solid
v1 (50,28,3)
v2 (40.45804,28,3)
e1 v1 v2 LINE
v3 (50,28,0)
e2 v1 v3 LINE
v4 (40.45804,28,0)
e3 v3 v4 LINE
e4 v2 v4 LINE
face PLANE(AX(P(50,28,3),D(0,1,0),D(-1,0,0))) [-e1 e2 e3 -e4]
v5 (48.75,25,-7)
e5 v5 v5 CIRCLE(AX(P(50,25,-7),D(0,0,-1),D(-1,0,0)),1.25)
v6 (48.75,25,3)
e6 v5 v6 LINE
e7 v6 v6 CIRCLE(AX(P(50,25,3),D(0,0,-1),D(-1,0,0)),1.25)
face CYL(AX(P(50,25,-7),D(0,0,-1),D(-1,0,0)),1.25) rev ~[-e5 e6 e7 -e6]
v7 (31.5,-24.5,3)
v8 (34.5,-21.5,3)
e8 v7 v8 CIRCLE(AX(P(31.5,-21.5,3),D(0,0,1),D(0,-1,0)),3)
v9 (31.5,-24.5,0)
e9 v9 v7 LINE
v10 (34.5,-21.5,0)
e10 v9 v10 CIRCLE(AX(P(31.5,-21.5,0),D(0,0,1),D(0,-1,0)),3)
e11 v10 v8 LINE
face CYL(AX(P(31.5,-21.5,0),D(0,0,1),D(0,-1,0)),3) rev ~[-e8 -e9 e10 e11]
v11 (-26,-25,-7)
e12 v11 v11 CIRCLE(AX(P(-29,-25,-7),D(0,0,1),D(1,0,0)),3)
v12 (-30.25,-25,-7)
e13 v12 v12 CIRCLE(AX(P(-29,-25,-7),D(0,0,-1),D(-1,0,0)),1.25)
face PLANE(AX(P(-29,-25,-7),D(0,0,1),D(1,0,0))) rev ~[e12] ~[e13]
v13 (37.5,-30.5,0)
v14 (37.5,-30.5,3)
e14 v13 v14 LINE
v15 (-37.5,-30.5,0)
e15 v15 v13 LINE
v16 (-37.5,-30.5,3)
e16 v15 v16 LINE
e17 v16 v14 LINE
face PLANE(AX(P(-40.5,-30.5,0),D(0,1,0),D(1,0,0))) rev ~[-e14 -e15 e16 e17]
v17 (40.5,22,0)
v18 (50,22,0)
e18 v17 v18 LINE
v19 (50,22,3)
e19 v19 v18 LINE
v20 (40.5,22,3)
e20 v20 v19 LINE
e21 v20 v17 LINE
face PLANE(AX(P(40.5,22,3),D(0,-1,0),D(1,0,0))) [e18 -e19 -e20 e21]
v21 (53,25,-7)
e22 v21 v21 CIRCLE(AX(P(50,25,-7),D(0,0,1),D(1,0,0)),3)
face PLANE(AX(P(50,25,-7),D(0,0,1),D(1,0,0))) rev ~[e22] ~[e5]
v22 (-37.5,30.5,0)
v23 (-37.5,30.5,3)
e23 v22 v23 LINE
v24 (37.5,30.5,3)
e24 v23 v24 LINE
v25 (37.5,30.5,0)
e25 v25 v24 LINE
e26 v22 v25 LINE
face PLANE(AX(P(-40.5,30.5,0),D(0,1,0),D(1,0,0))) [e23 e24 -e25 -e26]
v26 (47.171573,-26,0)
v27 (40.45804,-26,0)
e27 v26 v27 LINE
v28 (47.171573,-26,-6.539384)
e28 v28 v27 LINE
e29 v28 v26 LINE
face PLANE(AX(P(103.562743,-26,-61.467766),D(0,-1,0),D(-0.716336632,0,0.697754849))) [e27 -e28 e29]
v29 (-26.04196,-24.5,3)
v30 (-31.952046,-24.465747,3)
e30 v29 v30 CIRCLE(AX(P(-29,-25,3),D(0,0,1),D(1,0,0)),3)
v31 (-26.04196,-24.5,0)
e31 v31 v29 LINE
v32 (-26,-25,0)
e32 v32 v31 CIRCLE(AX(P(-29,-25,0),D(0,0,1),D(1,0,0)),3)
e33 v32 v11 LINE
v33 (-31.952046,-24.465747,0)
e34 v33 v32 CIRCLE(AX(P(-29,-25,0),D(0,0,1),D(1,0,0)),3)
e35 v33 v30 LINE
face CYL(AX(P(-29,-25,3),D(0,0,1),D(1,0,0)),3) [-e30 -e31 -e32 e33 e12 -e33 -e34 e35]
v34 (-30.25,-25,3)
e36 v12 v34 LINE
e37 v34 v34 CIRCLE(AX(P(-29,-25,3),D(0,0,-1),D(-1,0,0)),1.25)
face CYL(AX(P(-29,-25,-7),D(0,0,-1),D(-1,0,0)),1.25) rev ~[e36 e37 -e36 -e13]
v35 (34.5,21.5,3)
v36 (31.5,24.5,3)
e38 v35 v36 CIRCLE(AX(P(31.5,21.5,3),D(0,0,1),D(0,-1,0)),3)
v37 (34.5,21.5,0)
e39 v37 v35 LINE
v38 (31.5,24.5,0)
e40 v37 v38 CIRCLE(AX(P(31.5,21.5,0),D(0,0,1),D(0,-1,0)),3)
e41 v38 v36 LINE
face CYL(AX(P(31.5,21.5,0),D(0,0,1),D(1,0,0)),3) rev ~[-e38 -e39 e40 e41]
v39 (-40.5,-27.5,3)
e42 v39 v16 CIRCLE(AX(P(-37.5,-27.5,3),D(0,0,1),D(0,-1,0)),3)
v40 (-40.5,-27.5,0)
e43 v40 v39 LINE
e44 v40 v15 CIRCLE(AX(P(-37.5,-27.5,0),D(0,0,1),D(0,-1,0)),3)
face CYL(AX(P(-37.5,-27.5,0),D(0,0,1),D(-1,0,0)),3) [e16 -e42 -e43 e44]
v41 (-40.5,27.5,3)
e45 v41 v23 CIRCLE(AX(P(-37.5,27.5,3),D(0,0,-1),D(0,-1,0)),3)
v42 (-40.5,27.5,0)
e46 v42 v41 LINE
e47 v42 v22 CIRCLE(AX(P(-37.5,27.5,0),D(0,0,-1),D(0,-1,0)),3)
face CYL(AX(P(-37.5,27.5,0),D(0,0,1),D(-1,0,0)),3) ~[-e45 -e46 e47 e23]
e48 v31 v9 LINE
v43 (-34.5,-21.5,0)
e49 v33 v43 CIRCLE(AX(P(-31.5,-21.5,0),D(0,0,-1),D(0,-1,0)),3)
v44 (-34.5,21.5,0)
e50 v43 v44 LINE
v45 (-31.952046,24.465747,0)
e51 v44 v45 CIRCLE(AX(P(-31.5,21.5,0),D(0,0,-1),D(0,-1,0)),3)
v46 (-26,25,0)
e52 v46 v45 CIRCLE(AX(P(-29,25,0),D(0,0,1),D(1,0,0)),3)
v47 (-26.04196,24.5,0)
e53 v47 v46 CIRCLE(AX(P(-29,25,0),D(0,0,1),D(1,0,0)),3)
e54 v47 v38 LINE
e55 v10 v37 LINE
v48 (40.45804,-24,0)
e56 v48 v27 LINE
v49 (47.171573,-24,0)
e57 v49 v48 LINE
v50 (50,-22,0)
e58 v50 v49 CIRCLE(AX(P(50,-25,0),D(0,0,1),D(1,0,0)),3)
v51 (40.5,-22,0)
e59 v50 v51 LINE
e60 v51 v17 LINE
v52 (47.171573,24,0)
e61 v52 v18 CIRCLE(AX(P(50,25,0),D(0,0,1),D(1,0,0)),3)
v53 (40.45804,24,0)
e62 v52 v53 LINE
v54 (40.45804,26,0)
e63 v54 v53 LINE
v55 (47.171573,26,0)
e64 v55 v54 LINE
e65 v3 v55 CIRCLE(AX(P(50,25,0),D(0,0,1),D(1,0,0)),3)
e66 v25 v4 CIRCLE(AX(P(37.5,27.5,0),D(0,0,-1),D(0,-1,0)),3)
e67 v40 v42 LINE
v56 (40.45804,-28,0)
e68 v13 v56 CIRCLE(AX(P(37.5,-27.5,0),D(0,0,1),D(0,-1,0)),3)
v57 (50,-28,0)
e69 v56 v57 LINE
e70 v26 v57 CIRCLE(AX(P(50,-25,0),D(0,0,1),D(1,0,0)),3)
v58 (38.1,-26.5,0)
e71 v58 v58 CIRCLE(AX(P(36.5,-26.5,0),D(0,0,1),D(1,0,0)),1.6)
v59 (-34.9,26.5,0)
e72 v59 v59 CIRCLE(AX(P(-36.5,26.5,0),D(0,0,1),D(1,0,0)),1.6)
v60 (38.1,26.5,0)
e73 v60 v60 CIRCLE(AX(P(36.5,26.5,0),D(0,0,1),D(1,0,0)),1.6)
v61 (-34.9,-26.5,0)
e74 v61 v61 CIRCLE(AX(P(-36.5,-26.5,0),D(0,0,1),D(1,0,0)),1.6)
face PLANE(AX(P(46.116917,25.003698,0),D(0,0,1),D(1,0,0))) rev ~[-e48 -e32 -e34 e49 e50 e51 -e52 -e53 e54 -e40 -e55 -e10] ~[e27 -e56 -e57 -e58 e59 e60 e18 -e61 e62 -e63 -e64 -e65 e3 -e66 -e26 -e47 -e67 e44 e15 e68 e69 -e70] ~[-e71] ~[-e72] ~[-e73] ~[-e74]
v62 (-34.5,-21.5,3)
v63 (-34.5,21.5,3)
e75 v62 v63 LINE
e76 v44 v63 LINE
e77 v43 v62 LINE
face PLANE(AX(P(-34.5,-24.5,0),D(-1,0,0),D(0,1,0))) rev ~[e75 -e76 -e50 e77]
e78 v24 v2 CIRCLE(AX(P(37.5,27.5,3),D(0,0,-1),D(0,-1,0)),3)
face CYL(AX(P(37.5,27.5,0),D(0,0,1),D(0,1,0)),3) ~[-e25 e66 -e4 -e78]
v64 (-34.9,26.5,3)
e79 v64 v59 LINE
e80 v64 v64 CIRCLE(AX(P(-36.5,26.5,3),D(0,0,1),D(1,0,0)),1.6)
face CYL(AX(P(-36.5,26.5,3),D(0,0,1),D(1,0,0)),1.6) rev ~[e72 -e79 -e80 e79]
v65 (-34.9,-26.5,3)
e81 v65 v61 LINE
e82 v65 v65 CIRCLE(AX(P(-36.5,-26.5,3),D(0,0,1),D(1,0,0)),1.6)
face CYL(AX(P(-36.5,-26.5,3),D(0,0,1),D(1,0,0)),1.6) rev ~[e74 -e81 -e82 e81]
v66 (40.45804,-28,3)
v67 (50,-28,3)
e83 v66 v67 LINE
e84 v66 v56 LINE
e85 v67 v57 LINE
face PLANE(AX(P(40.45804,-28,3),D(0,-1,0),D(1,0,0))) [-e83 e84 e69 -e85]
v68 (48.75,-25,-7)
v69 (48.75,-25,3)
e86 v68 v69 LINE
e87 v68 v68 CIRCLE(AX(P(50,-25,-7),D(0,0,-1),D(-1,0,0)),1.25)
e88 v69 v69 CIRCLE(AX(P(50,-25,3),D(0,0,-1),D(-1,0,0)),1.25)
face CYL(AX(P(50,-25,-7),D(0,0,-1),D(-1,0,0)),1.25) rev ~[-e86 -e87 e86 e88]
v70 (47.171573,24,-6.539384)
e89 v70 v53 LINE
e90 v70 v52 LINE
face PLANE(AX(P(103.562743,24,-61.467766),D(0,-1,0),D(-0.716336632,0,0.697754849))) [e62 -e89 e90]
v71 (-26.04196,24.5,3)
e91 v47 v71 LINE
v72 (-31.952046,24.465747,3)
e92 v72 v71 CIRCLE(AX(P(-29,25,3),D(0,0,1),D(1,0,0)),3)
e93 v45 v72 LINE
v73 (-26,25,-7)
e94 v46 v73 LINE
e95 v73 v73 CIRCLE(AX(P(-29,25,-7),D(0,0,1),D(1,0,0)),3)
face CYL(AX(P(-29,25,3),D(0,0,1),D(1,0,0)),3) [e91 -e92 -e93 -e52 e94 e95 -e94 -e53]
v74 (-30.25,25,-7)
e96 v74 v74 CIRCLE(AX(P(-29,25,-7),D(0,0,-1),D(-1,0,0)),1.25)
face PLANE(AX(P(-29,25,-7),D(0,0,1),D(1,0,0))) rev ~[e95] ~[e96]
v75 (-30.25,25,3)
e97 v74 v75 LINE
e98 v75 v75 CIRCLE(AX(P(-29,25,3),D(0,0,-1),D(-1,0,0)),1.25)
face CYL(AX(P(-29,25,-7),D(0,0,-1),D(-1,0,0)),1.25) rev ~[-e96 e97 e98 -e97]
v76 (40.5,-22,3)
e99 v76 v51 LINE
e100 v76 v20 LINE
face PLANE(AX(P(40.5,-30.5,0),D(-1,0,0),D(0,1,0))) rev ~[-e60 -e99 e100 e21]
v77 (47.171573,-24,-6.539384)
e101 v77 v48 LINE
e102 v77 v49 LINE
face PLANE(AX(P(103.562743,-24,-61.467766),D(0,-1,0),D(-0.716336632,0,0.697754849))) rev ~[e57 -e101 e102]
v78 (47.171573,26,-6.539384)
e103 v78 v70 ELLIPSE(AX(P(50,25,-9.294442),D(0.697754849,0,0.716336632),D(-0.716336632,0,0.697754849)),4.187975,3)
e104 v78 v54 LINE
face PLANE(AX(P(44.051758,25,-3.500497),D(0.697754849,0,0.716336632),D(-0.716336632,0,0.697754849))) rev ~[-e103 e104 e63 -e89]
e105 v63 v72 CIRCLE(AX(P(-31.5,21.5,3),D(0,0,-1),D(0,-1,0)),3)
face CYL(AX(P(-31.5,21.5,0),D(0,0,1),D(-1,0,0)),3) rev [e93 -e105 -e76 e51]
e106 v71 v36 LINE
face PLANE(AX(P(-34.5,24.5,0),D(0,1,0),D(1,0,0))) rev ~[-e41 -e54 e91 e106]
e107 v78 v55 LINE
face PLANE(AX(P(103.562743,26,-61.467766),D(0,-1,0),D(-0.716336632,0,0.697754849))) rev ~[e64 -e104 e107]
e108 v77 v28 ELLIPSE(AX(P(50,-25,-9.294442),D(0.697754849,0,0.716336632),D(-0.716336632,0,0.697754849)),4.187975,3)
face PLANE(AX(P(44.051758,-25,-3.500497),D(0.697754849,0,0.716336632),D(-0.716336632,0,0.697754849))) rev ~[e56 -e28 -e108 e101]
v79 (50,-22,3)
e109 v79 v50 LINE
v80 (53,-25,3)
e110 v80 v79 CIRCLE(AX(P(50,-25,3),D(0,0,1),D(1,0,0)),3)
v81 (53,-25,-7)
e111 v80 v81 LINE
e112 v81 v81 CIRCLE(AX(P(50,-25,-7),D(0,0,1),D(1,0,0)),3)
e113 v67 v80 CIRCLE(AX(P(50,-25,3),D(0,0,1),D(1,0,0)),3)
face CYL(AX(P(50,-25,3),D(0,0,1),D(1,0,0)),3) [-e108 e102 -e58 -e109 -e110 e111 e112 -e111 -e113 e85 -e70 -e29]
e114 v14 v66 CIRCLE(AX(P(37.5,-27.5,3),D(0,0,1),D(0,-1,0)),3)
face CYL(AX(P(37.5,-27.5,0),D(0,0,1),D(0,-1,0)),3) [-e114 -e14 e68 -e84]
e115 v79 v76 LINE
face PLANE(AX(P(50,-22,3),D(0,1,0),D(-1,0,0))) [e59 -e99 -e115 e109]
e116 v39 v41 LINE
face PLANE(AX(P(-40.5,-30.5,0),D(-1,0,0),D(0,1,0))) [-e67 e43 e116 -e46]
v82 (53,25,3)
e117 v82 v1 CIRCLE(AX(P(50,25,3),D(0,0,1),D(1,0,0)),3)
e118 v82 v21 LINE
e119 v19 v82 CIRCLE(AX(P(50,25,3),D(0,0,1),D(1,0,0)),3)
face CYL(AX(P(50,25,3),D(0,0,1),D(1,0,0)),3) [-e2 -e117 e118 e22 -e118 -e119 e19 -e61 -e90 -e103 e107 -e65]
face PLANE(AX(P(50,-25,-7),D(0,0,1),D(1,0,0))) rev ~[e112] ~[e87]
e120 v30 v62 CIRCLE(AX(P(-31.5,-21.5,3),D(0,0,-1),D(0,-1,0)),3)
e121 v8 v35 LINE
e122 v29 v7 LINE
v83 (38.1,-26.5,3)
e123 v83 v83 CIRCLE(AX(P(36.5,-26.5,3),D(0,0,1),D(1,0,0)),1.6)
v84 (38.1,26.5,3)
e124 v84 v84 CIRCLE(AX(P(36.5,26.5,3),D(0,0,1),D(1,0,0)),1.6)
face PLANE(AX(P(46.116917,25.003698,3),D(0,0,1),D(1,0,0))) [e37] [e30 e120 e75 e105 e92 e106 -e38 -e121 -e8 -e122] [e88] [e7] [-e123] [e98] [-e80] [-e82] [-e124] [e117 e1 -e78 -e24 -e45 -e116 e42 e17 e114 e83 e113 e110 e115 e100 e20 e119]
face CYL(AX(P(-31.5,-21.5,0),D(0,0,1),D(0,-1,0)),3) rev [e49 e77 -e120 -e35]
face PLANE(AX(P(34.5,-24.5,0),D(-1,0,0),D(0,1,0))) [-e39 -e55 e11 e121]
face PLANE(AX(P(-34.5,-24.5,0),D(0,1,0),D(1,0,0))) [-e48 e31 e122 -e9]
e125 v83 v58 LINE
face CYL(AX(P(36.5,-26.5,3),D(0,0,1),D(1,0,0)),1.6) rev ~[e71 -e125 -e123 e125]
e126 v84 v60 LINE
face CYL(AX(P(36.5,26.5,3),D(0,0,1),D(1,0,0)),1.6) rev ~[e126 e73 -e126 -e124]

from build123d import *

# Parameters (mm, degrees)
SKETCH1_W           = 81
SKETCH1_H           = 61
SKETCH1_W_2         = 69
SKETCH1_H_2         = 49
EXTRUDE_THIN1_DEPTH = 3
SKETCH2_R           = 1.6
CUT_EXTRUDE1_DEPTH  = 3
FILLET1_R           = 3
SKETCH4_R           = 3
BOSS_EXTRUDE1_DEPTH = 10
BOSS_EXTRUDE2_DEPTH = 3
SKETCH5_R           = 1.25
CUT_EXTRUDE2_DEPTH  = 10
RIB2_REACH          = 79.06
SKETCH7_WALL_W      = 166.153683654
SKETCH7_WALL_H      = 2
LPATTERN1_COUNT     = 2
LPATTERN1_PITCH     = 50


with BuildPart() as part:
    # Sketch1 → Extrude-Thin1 (new body)
    with BuildSketch(Plane.XY):
        Rectangle(SKETCH1_W, SKETCH1_H)
        Rectangle(SKETCH1_W_2, SKETCH1_H_2, mode=Mode.SUBTRACT)
    extrude(amount=EXTRUDE_THIN1_DEPTH)

    # Sketch2 → Cut-Extrude1 (cut)
    with BuildSketch(Plane.XY.offset(3)):
        with Locations((-36.5, 26.5)):
            Circle(SKETCH2_R)
        with Locations((36.5, 26.5)):
            Circle(SKETCH2_R)
        with Locations((36.5, -26.5)):
            Circle(SKETCH2_R)
        with Locations((-36.5, -26.5)):
            Circle(SKETCH2_R)
    extrude(amount=-CUT_EXTRUDE1_DEPTH, mode=Mode.SUBTRACT)

    # Fillet1
    fillet1_edges = [part.edges().sort_by_distance(p)[0] for p in [
        (-34.5, 24.5, 1.5),
        (-34.5, -24.5, 1.5),
        (34.5, -24.5, 1.5),
        (34.5, 24.5, 1.5),
        (-40.5, 30.5, 1.5),
        (40.5, 30.5, 1.5),
        (40.5, -30.5, 1.5),
        (-40.5, -30.5, 1.5),
    ]]
    fillet(fillet1_edges, radius=FILLET1_R)

    # Sketch4 → Boss-Extrude1 (add)
    with BuildSketch(Plane.XY.offset(3)):
        with Locations((-29, 25)):
            Circle(SKETCH4_R)
        with Locations((50, 25)):
            Circle(SKETCH4_R)
        with Locations((50, -25)):
            Circle(SKETCH4_R)
        with Locations((-29, -25)):
            Circle(SKETCH4_R)
    extrude(amount=-BOSS_EXTRUDE1_DEPTH)


with BuildPart() as boss_extrude1_piece_1:
    # of the separate pieces the step leaves, piece 1, a body of its own (boss_extrude1_pieces)
    add(part.part.solids().sort_by_distance((-37.5, -30.5, 0))[0])



with BuildPart() as boss_extrude1_piece_2:
    # of the separate pieces the step leaves, piece 2, a body of its own (boss_extrude1_pieces)
    add(part.part.solids().sort_by_distance((53, 25, 3))[0])


with BuildPart() as boss_extrude1_piece_3:
    # of the separate pieces the step leaves, piece 3, a body of its own (boss_extrude1_pieces)
    add(part.part.solids().sort_by_distance((53, -25, 3))[0])


with BuildPart() as boss_extrude1_piece_1_1:
    add(boss_extrude1_piece_1.part)

    add(boss_extrude1_piece_2.part)  # Boss-Extrude2 merges Boss-Extrude1 piece 2

    add(boss_extrude1_piece_3.part)  # Boss-Extrude2 merges Boss-Extrude1 piece 3
    # Sketch6 → Boss-Extrude2 (add)
    with BuildSketch(Plane.XY.offset(3)):
        with BuildLine():
            Line((50, 28), (40.458039892, 28))
            Line((40.458039892, 28), (40.5, 22))
            Line((40.5, 22), (50, 22))
            ThreePointArc((50, 22), (53, 25), (50, 28))
        make_face()
        with BuildLine():
            Line((40.5, -22), (40.458039892, -28))
            Line((40.458039892, -28), (50, -28))
            ThreePointArc((50, -28), (53, -25), (50, -22))
            Line((50, -22), (40.5, -22))
        make_face()
    extrude(amount=-BOSS_EXTRUDE2_DEPTH)

    # Sketch5 → Cut-Extrude2 (cut)
    with BuildSketch(Plane(origin=(0, 0, -7), x_dir=(-1, 0, 0), z_dir=(0, 0, -1))):
        with Locations((-50, 25)):
            Circle(SKETCH5_R)
        with Locations((29, 25)):
            Circle(SKETCH5_R)
        with Locations((-50, -25)):
            Circle(SKETCH5_R)
        with Locations((29, -25)):
            Circle(SKETCH5_R)
    extrude(amount=-CUT_EXTRUDE2_DEPTH, mode=Mode.SUBTRACT)

    # Sketch7 wall → Rib2 (add, up to next)
    with BuildSketch(Plane(origin=(44.051757722, 25, -3.500496738), x_dir=(-0.716336631923, 0, 0.697754849331), z_dir=(0.697754849331, 0, 0.716336631923)), mode=Mode.PRIVATE) as rib2_sk1:
        Rectangle(SKETCH7_WALL_W, SKETCH7_WALL_H)
    rib2_tool1 = extrude(rib2_sk1.sketch, amount=RIB2_REACH, mode=Mode.PRIVATE) - boss_extrude1_piece_1_1.part
    rib2 = rib2_tool1.solids().sort_by_distance((44.051757722, 25, -3.500496738))[0]
    add(rib2)

    # LPattern1: Rib2 ×2
    with Locations(*[(0, -i * LPATTERN1_PITCH, 0) for i in range(1, LPATTERN1_COUNT)]):
        add(rib2)


solid = boss_extrude1_piece_1_1.part
